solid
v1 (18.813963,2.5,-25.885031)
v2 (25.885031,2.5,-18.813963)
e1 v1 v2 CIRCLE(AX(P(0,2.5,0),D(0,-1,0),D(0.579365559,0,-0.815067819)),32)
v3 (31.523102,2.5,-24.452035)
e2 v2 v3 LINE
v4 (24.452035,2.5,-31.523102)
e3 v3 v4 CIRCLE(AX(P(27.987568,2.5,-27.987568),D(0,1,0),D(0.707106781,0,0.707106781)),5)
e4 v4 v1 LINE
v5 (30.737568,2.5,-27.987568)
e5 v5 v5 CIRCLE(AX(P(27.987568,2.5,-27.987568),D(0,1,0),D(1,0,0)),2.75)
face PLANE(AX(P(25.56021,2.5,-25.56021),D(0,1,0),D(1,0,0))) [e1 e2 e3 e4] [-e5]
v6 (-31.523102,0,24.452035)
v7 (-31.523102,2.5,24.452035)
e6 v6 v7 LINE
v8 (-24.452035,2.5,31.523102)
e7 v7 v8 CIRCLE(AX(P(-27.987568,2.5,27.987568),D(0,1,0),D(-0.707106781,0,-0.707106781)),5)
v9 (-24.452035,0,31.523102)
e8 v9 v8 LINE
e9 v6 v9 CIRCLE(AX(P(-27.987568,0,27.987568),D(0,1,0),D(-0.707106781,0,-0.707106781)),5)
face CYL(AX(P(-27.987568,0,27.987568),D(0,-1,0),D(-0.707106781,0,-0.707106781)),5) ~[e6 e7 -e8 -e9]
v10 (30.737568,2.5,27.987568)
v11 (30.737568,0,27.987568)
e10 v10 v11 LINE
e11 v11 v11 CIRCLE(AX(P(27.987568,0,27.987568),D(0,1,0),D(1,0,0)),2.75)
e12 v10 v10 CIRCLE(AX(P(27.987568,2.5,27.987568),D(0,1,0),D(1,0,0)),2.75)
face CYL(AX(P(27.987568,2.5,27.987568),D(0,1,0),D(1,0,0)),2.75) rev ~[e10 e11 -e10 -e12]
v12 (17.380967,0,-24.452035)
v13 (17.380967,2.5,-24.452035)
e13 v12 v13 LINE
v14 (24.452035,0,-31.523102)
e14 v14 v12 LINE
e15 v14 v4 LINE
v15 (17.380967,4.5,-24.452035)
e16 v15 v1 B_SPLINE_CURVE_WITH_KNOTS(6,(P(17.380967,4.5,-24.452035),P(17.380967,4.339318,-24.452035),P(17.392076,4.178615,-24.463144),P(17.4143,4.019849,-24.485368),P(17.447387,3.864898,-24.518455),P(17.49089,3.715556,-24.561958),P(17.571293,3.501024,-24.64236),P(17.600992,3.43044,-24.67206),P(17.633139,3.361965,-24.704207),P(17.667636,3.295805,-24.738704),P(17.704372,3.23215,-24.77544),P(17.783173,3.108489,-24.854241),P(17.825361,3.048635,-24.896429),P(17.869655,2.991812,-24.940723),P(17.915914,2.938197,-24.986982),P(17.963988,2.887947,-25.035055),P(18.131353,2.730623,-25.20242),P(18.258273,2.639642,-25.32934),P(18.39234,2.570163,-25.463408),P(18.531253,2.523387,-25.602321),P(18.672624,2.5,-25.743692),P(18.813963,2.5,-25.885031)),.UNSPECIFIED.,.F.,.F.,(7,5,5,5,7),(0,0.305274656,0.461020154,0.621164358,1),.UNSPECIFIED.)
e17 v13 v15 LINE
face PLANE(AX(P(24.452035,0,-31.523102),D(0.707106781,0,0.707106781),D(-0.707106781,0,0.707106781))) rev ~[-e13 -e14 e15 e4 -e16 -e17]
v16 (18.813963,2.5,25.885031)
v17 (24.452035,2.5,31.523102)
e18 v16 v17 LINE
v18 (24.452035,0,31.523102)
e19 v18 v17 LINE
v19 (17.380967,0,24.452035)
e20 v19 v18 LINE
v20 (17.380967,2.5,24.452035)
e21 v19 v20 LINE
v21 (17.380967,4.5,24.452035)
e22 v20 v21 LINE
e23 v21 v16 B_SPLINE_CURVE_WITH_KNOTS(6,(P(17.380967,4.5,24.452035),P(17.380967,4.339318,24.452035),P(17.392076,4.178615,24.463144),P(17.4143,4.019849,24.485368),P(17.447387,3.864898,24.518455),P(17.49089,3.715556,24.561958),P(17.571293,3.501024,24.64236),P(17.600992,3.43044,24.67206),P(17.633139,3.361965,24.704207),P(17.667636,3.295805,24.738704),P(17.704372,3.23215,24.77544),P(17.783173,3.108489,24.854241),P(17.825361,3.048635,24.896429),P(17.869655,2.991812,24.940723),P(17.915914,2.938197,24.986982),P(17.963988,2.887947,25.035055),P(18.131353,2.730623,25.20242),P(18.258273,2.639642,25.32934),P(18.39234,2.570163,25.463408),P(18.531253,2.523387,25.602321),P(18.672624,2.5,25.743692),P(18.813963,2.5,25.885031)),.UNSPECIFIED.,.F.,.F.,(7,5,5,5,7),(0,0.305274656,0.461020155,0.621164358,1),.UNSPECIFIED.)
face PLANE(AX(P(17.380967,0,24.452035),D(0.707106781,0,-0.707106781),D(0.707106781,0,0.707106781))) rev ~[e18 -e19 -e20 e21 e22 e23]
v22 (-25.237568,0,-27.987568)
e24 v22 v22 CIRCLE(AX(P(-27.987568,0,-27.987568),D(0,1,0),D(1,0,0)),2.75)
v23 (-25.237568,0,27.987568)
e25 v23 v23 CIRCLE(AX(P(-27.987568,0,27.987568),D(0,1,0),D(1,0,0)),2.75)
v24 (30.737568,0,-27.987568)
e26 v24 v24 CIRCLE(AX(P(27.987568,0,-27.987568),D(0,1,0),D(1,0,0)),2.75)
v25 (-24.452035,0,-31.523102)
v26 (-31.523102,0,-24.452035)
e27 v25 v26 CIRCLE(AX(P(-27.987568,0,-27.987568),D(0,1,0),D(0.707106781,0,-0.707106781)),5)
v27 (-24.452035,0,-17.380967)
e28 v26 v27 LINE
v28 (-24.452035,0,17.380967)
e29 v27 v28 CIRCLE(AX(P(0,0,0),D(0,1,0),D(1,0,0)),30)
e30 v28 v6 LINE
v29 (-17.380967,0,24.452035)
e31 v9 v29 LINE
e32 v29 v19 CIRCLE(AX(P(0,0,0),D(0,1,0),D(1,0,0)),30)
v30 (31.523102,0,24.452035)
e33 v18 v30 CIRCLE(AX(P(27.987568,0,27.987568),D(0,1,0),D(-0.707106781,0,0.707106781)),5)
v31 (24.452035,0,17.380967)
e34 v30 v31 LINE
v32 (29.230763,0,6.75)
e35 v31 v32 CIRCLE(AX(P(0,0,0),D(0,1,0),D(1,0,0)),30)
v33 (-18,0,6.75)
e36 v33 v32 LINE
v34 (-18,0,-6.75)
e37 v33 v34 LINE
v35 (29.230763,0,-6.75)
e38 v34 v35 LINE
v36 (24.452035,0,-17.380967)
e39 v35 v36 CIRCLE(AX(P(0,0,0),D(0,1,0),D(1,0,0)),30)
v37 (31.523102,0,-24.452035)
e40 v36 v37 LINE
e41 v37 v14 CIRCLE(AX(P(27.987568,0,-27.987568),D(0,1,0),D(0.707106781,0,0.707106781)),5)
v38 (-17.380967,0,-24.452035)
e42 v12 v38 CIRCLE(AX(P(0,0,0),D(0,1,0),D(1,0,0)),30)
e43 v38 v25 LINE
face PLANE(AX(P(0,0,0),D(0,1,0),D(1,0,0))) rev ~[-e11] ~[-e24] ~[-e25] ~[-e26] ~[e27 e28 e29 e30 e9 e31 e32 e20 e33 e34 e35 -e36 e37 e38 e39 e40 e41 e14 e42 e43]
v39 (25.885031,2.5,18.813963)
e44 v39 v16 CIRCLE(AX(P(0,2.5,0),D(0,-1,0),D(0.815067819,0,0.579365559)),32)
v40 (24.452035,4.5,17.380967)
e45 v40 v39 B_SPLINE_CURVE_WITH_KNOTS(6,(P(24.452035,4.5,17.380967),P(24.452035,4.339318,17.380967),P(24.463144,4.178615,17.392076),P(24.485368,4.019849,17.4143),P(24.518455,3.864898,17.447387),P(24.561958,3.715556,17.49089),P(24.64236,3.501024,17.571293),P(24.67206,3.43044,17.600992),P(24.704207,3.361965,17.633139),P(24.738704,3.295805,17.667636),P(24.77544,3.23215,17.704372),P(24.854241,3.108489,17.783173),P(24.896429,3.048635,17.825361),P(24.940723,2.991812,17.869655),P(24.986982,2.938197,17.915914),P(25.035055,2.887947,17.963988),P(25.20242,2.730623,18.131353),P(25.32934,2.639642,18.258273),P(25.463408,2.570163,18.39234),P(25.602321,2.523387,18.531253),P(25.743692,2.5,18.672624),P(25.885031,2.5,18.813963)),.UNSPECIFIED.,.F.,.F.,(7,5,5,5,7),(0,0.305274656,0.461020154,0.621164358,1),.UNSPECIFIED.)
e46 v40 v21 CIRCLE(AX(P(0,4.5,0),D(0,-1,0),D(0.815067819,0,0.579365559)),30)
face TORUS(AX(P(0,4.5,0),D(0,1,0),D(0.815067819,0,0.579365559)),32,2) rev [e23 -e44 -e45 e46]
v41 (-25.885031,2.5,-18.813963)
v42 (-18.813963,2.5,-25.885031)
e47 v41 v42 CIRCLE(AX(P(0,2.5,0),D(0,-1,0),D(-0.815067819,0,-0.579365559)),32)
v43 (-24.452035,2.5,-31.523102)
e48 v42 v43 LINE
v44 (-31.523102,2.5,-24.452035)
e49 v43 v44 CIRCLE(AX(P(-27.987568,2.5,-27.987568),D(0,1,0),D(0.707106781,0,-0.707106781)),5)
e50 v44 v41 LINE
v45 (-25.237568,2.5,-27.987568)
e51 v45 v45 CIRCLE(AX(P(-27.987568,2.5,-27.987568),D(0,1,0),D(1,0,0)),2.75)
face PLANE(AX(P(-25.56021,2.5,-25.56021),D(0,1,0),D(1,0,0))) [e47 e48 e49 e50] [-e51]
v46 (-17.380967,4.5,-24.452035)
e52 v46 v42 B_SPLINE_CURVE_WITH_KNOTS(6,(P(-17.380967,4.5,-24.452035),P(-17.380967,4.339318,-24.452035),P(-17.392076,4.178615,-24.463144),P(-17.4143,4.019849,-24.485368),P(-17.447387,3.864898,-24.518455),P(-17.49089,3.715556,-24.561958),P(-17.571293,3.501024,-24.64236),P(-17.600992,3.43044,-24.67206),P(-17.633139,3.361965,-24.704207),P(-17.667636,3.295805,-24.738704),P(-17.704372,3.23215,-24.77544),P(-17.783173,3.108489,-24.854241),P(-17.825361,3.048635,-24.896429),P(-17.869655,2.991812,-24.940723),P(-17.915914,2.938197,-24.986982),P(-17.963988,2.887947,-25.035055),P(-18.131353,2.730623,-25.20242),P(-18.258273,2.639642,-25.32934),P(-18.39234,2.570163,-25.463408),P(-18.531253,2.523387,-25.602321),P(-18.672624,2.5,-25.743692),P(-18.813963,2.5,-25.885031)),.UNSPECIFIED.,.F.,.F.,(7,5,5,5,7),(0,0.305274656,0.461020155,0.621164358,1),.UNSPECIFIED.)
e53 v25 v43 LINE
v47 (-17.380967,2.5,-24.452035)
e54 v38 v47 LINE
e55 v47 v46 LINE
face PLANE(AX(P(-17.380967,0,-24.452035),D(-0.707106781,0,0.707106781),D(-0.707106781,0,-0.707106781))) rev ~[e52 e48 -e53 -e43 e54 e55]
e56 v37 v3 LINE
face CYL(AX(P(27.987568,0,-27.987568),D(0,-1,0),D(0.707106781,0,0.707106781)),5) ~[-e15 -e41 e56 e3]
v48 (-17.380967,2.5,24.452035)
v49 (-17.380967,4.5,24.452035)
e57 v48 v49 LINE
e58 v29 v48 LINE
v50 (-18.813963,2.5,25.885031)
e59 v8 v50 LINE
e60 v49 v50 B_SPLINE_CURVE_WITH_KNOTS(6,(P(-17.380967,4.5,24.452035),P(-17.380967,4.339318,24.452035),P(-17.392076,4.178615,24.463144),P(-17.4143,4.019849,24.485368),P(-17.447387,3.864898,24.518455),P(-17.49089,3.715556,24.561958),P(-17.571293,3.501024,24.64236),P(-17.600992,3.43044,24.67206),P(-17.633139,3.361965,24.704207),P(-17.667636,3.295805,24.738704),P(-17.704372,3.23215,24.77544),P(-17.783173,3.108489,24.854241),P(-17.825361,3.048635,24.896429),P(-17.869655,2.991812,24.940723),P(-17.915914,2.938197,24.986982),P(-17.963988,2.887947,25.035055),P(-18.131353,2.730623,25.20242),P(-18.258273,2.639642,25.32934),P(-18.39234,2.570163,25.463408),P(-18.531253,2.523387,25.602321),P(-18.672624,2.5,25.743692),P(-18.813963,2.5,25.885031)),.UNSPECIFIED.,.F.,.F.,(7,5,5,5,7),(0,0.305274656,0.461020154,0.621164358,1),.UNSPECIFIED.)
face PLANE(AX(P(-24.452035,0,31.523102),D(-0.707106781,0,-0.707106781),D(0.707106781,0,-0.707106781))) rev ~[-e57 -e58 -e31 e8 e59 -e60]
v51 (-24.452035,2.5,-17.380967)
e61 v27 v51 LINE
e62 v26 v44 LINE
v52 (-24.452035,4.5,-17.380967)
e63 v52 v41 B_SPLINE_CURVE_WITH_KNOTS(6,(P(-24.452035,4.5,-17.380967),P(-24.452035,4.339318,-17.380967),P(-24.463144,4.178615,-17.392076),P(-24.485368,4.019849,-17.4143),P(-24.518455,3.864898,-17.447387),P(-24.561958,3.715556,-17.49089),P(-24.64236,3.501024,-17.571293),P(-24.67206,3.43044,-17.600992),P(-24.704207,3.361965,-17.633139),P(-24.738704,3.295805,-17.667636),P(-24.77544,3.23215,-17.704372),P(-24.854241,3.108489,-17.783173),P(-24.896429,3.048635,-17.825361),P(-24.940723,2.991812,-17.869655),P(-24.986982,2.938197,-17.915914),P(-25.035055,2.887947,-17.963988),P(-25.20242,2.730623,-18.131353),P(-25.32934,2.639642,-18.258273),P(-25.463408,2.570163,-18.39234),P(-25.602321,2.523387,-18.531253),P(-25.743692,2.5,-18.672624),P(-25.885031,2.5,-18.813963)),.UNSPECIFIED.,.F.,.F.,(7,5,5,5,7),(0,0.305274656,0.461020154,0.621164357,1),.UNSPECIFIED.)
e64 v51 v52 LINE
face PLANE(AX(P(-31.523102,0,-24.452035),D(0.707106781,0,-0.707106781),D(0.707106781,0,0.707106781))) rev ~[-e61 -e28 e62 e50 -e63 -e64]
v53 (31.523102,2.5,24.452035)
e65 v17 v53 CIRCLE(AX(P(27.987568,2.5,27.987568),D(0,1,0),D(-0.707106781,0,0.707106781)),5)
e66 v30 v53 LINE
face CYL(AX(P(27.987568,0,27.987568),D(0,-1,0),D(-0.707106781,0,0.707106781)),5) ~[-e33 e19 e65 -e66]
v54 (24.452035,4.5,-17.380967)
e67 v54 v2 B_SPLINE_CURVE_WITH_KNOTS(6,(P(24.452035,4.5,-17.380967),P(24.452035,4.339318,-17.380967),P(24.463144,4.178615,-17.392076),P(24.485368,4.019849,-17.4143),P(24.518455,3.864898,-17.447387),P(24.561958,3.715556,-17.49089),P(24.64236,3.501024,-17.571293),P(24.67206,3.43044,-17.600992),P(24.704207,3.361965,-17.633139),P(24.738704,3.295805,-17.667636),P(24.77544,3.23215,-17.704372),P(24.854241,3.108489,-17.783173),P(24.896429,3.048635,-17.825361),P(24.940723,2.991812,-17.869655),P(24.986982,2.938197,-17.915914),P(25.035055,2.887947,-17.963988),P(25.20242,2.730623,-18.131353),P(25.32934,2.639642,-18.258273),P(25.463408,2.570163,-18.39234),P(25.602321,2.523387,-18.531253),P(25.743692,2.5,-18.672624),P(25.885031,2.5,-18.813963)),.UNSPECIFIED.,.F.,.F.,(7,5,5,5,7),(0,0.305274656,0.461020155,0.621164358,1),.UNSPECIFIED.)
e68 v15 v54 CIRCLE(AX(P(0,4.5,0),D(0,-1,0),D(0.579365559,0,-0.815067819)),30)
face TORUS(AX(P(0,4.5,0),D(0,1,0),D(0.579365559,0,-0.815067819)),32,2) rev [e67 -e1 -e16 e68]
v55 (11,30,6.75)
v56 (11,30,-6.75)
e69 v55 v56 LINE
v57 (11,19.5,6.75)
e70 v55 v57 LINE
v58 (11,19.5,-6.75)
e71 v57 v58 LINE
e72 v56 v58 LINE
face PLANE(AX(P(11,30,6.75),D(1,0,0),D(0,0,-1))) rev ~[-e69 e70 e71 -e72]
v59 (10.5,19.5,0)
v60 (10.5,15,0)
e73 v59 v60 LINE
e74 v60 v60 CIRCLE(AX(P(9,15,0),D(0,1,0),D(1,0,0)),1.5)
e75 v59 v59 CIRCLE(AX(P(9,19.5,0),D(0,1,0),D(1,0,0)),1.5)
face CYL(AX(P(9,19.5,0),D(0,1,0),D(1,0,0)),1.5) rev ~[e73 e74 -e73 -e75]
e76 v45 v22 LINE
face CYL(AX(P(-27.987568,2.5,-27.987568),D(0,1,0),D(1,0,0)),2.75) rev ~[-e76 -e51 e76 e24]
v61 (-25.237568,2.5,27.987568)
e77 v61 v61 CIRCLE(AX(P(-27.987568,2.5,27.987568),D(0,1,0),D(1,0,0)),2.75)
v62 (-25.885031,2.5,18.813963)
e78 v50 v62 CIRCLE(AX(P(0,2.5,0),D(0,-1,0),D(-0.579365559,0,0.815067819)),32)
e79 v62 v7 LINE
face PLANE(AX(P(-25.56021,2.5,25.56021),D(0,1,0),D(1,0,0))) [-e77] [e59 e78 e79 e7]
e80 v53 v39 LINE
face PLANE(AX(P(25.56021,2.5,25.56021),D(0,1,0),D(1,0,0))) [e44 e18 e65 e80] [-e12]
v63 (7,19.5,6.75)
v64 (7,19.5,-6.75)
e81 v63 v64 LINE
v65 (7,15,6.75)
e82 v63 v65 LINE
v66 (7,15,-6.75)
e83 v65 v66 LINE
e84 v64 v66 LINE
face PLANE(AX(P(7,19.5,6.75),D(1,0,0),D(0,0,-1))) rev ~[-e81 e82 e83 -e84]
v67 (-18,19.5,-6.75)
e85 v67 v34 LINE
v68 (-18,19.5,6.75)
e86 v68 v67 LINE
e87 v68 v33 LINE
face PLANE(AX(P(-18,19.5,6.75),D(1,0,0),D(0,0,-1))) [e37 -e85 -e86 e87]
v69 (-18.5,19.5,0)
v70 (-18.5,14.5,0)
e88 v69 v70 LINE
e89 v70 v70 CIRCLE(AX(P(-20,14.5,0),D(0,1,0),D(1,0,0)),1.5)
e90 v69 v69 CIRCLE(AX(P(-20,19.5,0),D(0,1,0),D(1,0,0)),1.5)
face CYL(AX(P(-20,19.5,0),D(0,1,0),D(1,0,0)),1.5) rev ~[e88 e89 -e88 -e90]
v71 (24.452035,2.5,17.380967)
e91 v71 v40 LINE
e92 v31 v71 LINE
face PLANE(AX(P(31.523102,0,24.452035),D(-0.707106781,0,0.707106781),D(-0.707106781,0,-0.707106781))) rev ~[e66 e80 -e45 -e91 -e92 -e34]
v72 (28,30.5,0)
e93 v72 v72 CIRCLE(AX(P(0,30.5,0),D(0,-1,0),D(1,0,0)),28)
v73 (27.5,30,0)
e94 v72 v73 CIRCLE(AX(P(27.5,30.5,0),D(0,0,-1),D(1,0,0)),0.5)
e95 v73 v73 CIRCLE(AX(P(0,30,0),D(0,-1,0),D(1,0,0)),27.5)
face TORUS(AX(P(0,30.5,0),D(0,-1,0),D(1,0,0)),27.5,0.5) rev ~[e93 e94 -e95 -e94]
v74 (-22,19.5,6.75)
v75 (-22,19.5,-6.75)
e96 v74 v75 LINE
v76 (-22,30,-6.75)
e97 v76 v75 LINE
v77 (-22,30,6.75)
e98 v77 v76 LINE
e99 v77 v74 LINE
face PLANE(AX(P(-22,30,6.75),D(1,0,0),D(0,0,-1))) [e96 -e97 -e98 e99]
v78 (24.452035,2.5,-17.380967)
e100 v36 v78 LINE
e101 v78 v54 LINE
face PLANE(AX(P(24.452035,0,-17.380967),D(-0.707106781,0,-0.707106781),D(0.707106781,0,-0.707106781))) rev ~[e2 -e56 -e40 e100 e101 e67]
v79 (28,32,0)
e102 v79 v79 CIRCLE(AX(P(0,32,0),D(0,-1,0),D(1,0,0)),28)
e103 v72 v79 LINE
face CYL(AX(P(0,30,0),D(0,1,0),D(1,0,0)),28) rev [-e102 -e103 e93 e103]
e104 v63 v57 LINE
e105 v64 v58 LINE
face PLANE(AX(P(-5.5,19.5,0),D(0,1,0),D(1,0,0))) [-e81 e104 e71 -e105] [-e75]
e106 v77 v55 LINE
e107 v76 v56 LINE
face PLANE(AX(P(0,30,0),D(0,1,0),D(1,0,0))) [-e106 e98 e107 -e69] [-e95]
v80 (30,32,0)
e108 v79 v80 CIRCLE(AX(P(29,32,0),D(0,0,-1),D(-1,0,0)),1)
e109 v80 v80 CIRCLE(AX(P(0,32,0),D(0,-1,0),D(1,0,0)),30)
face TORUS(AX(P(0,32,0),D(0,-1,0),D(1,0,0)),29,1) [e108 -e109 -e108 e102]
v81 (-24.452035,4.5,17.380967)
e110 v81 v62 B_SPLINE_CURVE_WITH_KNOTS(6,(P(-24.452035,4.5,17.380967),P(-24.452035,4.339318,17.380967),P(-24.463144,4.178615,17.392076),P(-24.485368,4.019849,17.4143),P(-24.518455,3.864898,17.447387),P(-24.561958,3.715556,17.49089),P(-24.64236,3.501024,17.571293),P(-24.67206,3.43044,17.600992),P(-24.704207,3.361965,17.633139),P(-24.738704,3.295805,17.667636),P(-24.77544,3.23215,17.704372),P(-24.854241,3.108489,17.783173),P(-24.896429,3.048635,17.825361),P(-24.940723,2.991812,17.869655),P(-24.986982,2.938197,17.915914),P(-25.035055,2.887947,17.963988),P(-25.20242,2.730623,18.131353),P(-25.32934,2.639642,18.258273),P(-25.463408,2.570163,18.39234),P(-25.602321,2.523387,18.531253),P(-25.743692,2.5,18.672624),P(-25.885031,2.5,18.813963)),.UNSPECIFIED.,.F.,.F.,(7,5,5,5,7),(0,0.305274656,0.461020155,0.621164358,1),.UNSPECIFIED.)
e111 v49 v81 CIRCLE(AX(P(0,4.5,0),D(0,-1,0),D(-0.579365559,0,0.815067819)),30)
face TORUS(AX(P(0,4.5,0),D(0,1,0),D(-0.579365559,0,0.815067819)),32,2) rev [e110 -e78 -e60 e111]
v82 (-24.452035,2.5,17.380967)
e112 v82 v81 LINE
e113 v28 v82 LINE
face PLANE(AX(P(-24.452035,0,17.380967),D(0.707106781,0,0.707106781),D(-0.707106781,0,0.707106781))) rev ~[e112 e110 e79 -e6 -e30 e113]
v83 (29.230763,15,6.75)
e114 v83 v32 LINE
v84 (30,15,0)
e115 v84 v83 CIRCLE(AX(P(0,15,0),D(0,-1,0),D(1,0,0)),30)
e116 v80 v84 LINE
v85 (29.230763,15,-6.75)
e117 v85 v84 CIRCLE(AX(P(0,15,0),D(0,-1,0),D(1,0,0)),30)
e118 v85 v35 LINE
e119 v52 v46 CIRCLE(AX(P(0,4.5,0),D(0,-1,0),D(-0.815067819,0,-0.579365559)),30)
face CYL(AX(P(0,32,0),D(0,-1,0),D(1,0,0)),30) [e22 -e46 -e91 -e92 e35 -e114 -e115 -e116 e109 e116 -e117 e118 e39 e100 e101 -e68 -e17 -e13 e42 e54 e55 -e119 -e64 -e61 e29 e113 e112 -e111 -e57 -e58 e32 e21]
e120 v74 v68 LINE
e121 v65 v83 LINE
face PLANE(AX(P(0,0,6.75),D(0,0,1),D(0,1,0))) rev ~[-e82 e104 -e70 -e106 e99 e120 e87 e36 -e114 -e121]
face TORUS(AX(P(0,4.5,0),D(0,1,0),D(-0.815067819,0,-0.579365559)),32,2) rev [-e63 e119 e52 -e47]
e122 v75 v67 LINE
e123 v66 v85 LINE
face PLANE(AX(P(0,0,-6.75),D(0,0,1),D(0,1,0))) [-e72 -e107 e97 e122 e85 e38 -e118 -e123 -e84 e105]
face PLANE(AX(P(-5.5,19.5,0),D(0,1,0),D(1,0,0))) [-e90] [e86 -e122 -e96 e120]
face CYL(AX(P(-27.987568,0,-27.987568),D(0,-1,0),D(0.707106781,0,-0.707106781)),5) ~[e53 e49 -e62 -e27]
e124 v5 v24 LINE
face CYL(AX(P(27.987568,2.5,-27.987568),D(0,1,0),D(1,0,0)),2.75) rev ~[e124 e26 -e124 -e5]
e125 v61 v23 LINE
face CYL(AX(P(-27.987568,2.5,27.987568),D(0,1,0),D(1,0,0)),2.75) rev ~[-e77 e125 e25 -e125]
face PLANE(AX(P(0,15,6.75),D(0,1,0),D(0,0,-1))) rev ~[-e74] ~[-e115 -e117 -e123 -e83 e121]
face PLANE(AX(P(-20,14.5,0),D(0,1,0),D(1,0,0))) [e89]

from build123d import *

# Parameters (mm, degrees)
SKETCH2_R           = 30
BOSS_EXTRUDE1_DEPTH = 30
SKETCH3_W           = 13.5
SKETCH3_H           = 15
CUT_EXTRUDE1_DEPTH  = 31
SKETCH4_W           = 33
SKETCH4_H           = 13.5
CUT_EXTRUDE2_DEPTH  = 10.5
SKETCH5_W           = 25
SKETCH5_H           = 13.5
CUT_EXTRUDE3_DEPTH  = 20.5
FILLET1_R           = 0.5
BOSS_EXTRUDE2_DEPTH = 2.5
SKETCH9_R           = 2.75
CUT_EXTRUDE4_DEPTH  = 3.5
SKETCH10_R          = 1.5
CUT_EXTRUDE5_DEPTH  = 5
FILLET2_R           = 2


with BuildPart() as part:
    # Sketch2 → Boss-Extrude1 (new body)
    with BuildSketch(Plane(origin=(0, 0, 0), x_dir=(1, 0, 0), z_dir=(0, 1, 0))):
        Circle(SKETCH2_R)
    extrude(amount=BOSS_EXTRUDE1_DEPTH)

    # Sketch3 → Cut-Extrude1 (cut, through all)
    with BuildSketch(Plane(origin=(0, 0, 0), x_dir=(0, 0, -1), z_dir=(1, 0, 0))):
        with Locations((0, 7.5)):
            Rectangle(SKETCH3_W, SKETCH3_H)
    extrude(amount=CUT_EXTRUDE1_DEPTH, mode=Mode.SUBTRACT)

    # Sketch4 → Cut-Extrude2 (cut)
    with BuildSketch(Plane(origin=(0, 30, 0), x_dir=(1, 0, 0), z_dir=(0, 1, 0))):
        with Locations((-5.5, 0)):
            Rectangle(SKETCH4_W, SKETCH4_H)
    extrude(amount=-CUT_EXTRUDE2_DEPTH, mode=Mode.SUBTRACT)

    # Sketch5 → Cut-Extrude3 (cut, through all)
    with BuildSketch(Plane(origin=(0, 19.5, 0), x_dir=(1, 0, 0), z_dir=(0, 1, 0))):
        with Locations((-5.5, 0)):
            Rectangle(SKETCH5_W, SKETCH5_H)
    extrude(amount=-CUT_EXTRUDE3_DEPTH, mode=Mode.SUBTRACT)

    # Sketch7 → Revolve1 (revolve)
    with BuildSketch(Plane.XY):
        with BuildLine():
            Line((30, 30), (28, 30))
            Line((28, 30), (28, 32))
            ThreePointArc((28, 32), (29, 33), (30, 32))
            Line((30, 32), (30, 30))
        make_face()
    revolve(axis=Axis((0, 34.959815409, 0), (0, -1, 0)))

    # Fillet1
    fillet1_edges = [part.edges().sort_by_distance(p)[0] for p in [
        (-28, 30, 0),
    ]]
    fillet(fillet1_edges, radius=FILLET1_R)

    # Sketch8 → Boss-Extrude2 (add)
    with BuildSketch(Plane(origin=(0, 0, 0), x_dir=(1, 0, 0), z_dir=(0, 1, 0))):
        with BuildLine():
            ThreePointArc((24.452034569, -17.380966757), (21.213203436, -21.213203436), (17.380966757, -24.452034569))
            Line((17.380966757, -24.452034569), (24.452034569, -31.523102381))
            ThreePointArc((24.452034569, -31.523102381), (31.523102381, -31.523102381), (31.523102381, -24.452034569))
            Line((31.523102381, -24.452034569), (24.452034569, -17.380966757))
        make_face()
        with BuildLine():
            ThreePointArc((-17.380966757, -24.452034569), (-21.213203436, -21.213203436), (-24.452034569, -17.380966757))
            Line((-24.452034569, -17.380966757), (-31.523102381, -24.452034569))
            ThreePointArc((-31.523102381, -24.452034569), (-31.523102381, -31.523102381), (-24.452034569, -31.523102381))
            Line((-24.452034569, -31.523102381), (-17.380966757, -24.452034569))
        make_face()
        with BuildLine():
            ThreePointArc((17.380966757, 24.452034569), (21.213203436, 21.213203436), (24.452034569, 17.380966757))
            Line((24.452034569, 17.380966757), (31.523102381, 24.452034569))
            ThreePointArc((31.523102381, 24.452034569), (31.523102381, 31.523102381), (24.452034569, 31.523102381))
            Line((24.452034569, 31.523102381), (17.380966757, 24.452034569))
        make_face()
        with BuildLine():
            ThreePointArc((-24.452034569, 17.380966757), (-21.213203436, 21.213203436), (-17.380966757, 24.452034569))
            Line((-17.380966757, 24.452034569), (-24.452034569, 31.523102381))
            ThreePointArc((-24.452034569, 31.523102381), (-31.523102381, 31.523102381), (-31.523102381, 24.452034569))
            Line((-31.523102381, 24.452034569), (-24.452034569, 17.380966757))
        make_face()
    extrude(amount=BOSS_EXTRUDE2_DEPTH)

    # Sketch9 → Cut-Extrude4 (cut, through all)
    with BuildSketch(Plane(origin=(0, 2.5, 0), x_dir=(1, 0, 0), z_dir=(0, 1, 0))):
        with Locations((-27.987568475, 27.987568475)):
            Circle(SKETCH9_R)
        with Locations((27.987568475, 27.987568475)):
            Circle(SKETCH9_R)
        with Locations((27.987568475, -27.987568475)):
            Circle(SKETCH9_R)
        with Locations((-27.987568475, -27.987568475)):
            Circle(SKETCH9_R)
    extrude(amount=-CUT_EXTRUDE4_DEPTH, mode=Mode.SUBTRACT)

    # Sketch10 → Cut-Extrude5 (cut)
    with BuildSketch(Plane(origin=(0, 19.5, 0), x_dir=(1, 0, 0), z_dir=(0, 1, 0))):
        with Locations((-20, 0)):
            Circle(SKETCH10_R)
        with Locations((9, 0)):
            Circle(SKETCH10_R)
    extrude(amount=-CUT_EXTRUDE5_DEPTH, mode=Mode.SUBTRACT)

    # Fillet2
    fillet2_edges = [part.edges().sort_by_distance(p)[0] for p in [
        (-21.213203436, 2.5, -21.213203436),
        (21.213203436, 2.5, 21.213203436),
        (-21.213203436, 2.5, 21.213203436),
        (21.213203436, 2.5, -21.213203436),
    ]]
    fillet(fillet2_edges, radius=FILLET2_R)


solid = part.part
